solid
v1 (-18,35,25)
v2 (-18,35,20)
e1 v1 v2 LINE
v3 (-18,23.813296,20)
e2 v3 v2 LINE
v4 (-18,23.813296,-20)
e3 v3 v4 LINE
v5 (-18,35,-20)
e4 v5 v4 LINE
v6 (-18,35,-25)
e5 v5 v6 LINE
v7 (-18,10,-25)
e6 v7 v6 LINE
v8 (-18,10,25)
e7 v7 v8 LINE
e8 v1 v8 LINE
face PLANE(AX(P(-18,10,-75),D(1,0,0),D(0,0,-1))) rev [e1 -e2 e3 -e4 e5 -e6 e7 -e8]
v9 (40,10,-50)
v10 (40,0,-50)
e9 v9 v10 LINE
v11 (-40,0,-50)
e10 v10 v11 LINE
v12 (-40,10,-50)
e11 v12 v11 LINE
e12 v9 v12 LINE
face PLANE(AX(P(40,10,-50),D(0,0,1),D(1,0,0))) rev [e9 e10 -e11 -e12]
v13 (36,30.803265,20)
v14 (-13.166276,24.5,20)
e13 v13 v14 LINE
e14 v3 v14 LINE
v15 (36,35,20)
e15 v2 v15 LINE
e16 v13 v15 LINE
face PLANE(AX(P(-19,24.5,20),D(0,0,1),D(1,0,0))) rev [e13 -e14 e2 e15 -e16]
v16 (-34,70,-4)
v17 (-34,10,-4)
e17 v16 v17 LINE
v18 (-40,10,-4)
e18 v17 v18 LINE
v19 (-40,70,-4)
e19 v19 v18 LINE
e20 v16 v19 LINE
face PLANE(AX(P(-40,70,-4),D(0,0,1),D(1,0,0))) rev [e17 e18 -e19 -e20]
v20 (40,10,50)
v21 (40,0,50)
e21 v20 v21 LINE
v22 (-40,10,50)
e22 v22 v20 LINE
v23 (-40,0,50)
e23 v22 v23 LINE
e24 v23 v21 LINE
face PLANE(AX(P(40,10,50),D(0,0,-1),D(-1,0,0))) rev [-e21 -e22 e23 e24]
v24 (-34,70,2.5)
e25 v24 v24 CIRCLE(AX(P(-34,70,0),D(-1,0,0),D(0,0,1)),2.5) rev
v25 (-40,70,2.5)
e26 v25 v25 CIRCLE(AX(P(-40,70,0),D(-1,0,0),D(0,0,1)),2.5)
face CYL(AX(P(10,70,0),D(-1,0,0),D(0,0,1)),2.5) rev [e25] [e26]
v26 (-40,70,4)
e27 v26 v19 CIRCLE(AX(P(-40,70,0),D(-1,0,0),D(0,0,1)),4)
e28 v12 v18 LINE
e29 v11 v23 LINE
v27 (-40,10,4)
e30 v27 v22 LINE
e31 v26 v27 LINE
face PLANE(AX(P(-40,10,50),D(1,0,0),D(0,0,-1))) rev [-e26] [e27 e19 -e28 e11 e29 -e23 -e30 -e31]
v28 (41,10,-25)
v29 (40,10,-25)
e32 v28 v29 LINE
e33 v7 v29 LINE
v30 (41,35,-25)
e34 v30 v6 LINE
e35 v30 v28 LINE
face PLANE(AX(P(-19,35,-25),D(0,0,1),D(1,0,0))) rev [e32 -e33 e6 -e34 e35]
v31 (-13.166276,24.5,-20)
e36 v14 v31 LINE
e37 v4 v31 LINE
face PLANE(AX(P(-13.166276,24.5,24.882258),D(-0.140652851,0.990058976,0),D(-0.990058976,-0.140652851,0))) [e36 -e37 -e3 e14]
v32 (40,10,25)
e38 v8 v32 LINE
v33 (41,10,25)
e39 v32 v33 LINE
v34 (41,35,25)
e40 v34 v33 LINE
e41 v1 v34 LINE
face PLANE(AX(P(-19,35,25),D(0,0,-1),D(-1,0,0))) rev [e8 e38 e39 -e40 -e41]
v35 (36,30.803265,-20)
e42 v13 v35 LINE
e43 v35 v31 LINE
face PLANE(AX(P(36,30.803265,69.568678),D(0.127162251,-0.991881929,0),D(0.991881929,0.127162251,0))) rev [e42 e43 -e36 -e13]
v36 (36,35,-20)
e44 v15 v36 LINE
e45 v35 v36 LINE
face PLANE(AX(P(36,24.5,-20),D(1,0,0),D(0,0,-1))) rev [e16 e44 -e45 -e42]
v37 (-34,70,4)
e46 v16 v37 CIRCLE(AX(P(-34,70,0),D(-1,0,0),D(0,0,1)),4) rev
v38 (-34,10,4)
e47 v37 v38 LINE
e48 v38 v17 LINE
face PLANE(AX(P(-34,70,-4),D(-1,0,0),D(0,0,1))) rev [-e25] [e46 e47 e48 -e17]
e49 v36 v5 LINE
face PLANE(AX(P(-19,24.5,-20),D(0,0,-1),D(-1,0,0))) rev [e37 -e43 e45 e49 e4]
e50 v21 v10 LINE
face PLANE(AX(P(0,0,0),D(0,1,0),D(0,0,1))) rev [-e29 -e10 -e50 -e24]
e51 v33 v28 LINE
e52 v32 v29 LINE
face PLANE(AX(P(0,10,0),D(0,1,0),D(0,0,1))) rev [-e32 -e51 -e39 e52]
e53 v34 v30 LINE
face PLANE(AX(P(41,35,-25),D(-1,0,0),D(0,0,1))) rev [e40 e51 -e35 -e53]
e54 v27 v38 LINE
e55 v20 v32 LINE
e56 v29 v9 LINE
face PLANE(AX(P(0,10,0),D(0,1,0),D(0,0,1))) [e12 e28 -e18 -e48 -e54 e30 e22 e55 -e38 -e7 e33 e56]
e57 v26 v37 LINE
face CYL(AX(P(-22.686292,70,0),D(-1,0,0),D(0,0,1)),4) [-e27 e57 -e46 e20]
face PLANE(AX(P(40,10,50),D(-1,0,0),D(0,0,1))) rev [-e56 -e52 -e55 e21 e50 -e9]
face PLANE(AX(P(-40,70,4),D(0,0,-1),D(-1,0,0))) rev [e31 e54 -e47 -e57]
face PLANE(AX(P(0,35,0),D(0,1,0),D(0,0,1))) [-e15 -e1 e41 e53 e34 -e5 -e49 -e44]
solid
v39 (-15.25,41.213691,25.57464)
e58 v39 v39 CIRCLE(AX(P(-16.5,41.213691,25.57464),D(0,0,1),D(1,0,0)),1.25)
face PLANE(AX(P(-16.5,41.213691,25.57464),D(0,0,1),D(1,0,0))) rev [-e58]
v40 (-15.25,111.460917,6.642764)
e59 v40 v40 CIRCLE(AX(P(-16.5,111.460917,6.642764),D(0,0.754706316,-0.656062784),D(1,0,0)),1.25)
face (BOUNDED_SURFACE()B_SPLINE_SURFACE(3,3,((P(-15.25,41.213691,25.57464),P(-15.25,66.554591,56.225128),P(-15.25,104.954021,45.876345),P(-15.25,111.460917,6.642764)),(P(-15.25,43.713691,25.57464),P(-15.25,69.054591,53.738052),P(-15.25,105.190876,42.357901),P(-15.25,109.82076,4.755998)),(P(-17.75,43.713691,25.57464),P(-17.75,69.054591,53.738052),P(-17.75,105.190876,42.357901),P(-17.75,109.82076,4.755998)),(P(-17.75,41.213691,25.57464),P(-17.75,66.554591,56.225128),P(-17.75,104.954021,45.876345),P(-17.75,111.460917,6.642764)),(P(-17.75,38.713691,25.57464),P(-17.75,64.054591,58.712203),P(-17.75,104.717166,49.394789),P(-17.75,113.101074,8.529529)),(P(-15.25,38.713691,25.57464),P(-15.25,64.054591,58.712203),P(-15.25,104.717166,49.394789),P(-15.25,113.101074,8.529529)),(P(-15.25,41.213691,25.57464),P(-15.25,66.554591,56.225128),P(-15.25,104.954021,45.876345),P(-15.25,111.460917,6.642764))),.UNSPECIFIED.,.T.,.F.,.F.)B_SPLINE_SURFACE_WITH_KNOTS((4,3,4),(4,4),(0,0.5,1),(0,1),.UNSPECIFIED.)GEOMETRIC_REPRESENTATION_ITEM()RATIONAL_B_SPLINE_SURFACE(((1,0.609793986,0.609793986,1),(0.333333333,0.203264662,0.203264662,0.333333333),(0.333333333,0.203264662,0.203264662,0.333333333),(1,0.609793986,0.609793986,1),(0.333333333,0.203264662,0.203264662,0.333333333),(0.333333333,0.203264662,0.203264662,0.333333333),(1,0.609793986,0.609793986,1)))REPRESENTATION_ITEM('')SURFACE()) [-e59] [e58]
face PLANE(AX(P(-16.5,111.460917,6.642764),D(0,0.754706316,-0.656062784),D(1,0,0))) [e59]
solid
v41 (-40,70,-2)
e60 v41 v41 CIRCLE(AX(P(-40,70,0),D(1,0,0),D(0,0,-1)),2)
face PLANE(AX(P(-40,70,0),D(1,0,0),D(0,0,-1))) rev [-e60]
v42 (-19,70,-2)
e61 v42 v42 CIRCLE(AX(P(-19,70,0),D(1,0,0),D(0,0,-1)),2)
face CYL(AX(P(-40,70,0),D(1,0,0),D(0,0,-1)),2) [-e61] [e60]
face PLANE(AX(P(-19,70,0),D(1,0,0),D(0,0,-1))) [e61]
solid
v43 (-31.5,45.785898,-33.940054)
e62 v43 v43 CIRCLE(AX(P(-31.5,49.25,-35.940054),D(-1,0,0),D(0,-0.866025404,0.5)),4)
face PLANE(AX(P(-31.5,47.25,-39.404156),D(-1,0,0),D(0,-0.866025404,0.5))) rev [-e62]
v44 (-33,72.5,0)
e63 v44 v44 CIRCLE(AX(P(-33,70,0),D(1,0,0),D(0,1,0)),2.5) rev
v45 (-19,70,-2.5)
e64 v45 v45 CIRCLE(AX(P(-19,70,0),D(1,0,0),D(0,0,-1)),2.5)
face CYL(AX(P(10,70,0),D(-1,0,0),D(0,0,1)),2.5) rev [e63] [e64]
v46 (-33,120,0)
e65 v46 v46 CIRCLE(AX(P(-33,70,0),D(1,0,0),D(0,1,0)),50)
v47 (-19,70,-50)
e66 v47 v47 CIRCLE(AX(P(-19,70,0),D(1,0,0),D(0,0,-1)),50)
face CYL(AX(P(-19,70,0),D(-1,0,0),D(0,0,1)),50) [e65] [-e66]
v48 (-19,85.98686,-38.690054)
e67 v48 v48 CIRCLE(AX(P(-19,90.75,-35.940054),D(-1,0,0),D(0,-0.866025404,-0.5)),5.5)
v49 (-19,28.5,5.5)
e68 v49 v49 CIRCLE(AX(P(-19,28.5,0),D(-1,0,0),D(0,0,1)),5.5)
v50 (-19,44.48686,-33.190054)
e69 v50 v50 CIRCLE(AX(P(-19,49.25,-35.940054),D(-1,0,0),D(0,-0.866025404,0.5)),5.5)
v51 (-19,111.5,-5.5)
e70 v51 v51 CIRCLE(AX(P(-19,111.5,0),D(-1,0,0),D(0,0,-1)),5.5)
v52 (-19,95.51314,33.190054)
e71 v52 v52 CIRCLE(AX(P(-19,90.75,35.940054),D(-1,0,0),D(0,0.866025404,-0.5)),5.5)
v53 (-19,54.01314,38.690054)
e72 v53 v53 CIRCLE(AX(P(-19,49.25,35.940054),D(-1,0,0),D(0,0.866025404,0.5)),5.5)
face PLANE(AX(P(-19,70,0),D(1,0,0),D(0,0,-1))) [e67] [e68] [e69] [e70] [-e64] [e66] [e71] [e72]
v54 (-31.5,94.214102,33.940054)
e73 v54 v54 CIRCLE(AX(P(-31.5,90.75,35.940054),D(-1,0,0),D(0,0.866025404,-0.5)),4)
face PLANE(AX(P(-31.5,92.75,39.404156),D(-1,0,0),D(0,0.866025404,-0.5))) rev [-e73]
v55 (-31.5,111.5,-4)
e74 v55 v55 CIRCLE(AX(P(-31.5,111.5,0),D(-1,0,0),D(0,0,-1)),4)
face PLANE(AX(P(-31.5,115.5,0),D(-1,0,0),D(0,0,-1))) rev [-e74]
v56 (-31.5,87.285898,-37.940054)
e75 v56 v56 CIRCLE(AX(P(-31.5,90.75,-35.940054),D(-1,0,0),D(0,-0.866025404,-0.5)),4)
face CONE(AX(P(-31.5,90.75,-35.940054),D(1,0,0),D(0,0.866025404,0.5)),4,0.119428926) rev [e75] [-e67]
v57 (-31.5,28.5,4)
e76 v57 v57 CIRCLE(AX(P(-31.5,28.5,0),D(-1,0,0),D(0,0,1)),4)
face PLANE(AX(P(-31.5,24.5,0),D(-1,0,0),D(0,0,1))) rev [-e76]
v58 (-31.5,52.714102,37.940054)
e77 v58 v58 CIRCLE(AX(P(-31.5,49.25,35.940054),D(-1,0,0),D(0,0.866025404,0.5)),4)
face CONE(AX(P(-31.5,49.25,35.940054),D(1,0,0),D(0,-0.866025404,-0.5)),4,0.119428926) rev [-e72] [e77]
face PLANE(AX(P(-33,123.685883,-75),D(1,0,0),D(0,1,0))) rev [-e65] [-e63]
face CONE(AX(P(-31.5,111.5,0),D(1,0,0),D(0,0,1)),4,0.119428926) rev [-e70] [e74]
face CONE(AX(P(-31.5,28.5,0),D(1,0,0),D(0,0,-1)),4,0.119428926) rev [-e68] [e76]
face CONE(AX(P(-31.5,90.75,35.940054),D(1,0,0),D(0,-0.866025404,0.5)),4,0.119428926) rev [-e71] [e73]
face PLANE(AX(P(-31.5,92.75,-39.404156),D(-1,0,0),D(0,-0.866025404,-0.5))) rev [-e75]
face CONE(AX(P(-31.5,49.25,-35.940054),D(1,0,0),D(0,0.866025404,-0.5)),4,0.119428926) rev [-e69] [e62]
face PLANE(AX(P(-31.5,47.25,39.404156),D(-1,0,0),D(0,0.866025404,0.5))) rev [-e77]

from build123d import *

# Parameters (mm, degrees)
SKETCH_2_W               = 80
SKETCH_2_H               = 100
EXTRUDE_2_DEPTH          = 10
SKETCH_3_W               = 6
SKETCH_3_H               = 8
EXTRUDE_3_DEPTH          = 60
SKETCH_4_R               = 4
EXTRUDE_4_DEPTH          = 6
SKETCH_5_R               = 2.5
CUT_EXTRUDE_1_DEPTH      = 50
SKETCH_6_R               = 50
EXTRUDE_5_DEPTH          = 15
PATTERN_CIRCULAR_2_COUNT = 6
CUT_EXTRUDE_START        = -20
SKETCH_10_R              = 2.5
CUT_EXTRUDE_2_DEPTH      = 20
SKETCH_11_W              = 60
SKETCH_11_H              = 50
EXTRUDE_6_DEPTH          = 25
SKETCH_12_W              = 55
SKETCH_12_H              = 40
CUT_EXTRUDE_3_DEPTH      = 10.5
EXTRUDE_7_DEPTH          = 40
SKETCH_15_R              = 1.25
SKETCH_17_W              = 1
SKETCH_17_H              = 109.276190726
SKETCH_17_H_2            = 27.184264357
CUT_EXTRUDE_4_DEPTH      = 75
SKETCH_16_R              = 2
EXTRUDE_9_DEPTH          = 21
CUT_EXTRUDE_5_DEPTH      = 40


with BuildPart() as part:
    # 草圖2 → 填料-伸長2 (new body)
    with BuildSketch(Plane(origin=(0, 0, 0), x_dir=(1, 0, 0), z_dir=(0, 1, 0))):
        Rectangle(SKETCH_2_W, SKETCH_2_H)
    extrude(amount=EXTRUDE_2_DEPTH)

    # 草圖3 → 填料-伸長3 (add)
    with BuildSketch(Plane(origin=(0, 10, 0), x_dir=(1, 0, 0), z_dir=(0, 1, 0))):
        with Locations((-37, 0)):
            Rectangle(SKETCH_3_W, SKETCH_3_H)
    extrude(amount=EXTRUDE_3_DEPTH)

    # 草圖4 → 填料-伸長4 (add)
    with BuildSketch(Plane.ZY.offset(40)):
        with Locations((0, 70)):
            Circle(SKETCH_4_R)
    extrude(amount=-EXTRUDE_4_DEPTH)

    # 草圖5 → 除料-伸長1 (cut)
    with BuildSketch(Plane.ZY.offset(40)):
        with Locations((0, 70)):
            Circle(SKETCH_5_R)
    extrude(amount=-CUT_EXTRUDE_1_DEPTH, mode=Mode.SUBTRACT)

    # 草圖6 → 填料-伸長5 (add)
    with BuildSketch(Plane(origin=(-34, 0, 0), x_dir=(0, 0, -1), z_dir=(1, 0, 0))):
        with Locations(Location((0, 70, 0), (0, 0, 265.411434264))):
            Circle(SKETCH_6_R)
    extrude(amount=EXTRUDE_5_DEPTH)

    # 草圖8 → 除料-旋轉5 (revolve, cut)
    with BuildSketch(Plane.XY, mode=Mode.PRIVATE) as cut_revolve_5_sk:
        Polygon((-19, 23), (-19, 28.5), (-31.5, 28.5), (-31.5, 24.5), align=None)
    cut_revolve_5 = revolve(cut_revolve_5_sk.sketch.rotate(Axis((-31.5, 28.5, 0), (1, 0, 0)), 270), axis=Axis((-31.5, 28.5, 0), (1, 0, 0)), mode=Mode.SUBTRACT)

    # 環狀複製排列2: 除料-旋轉5 ×6 about axis
    pattern_circular_2_axis = Axis((0, 70, 0), (1, 0, 0))
    for i in range(1, PATTERN_CIRCULAR_2_COUNT):
        add(cut_revolve_5.rotate(pattern_circular_2_axis, i * 360 / PATTERN_CIRCULAR_2_COUNT), mode=Mode.SUBTRACT)

    # 草圖10 → 除料-伸長2 (cut)
    with BuildSketch(Plane(origin=(-19, 0, 0), x_dir=(0, 0, -1), z_dir=(1, 0, 0)).offset(CUT_EXTRUDE_START)):
        with Locations(Location((0, 70, 0), (0, 0, 180))):
            Circle(SKETCH_10_R)
    extrude(amount=CUT_EXTRUDE_2_DEPTH, mode=Mode.SUBTRACT)

    # 草圖11 → 填料-伸長6 (add)
    with BuildSketch(Plane(origin=(0, 10, 0), x_dir=(1, 0, 0), z_dir=(0, 1, 0))):
        with Locations((11, 0)):
            Rectangle(SKETCH_11_W, SKETCH_11_H)
    extrude(amount=EXTRUDE_6_DEPTH)

    # 草圖12 → 除料-伸長3 (cut)
    with BuildSketch(Plane(origin=(0, 35, 0), x_dir=(1, 0, 0), z_dir=(0, 1, 0))):
        with Locations((8.5, 0)):
            Rectangle(SKETCH_12_W, SKETCH_12_H)
    extrude(amount=-CUT_EXTRUDE_3_DEPTH, mode=Mode.SUBTRACT)

    # 草圖13 → 填料-伸長7 (add)
    with BuildSketch(Plane.XY.offset(-20)):
        Polygon((36, 30.803264742), (-13.166276329, 24.5), (36, 24.5), align=None)
    extrude(amount=EXTRUDE_7_DEPTH)

    # 草圖17 → 除料-伸長4 (cut, symmetric)
    with BuildSketch(Plane.XY):
        with Locations((-33.5, 69.047787496)):
            Rectangle(SKETCH_17_W, SKETCH_17_H)
        with Locations((-18.5, 23.592132179)):
            Rectangle(SKETCH_17_W, SKETCH_17_H_2)
    extrude(amount=CUT_EXTRUDE_4_DEPTH, both=True, mode=Mode.SUBTRACT)


with BuildPart() as body_2:
    # 掃出1: sweep along a path in 草圖14
    with BuildLine(Plane(origin=(-16.5, 0, 0), x_dir=(0, 0, -1), z_dir=(1, 0, 0))) as sweep_1_path:
        ThreePointArc((-25.574640108, 41.213690819), (-38.70103061, 82.426016401), (-6.642763665, 111.460916572))
    # 草圖15 → 掃出1 (sweep)
    with BuildSketch(Plane.XY.offset(25.574640108)):
        with Locations((-16.5, 41.213690819)):
            Circle(SKETCH_15_R)
    sweep(path=sweep_1_path.line)


with BuildPart() as cut_extrude_4_piece_1:
    # of the separate pieces the step leaves, piece 1, a body of its own (cut_extrude_4_pieces)
    add(part.part.solids().sort_by_distance((40, 0, 50))[0])

    # 草圖21 → 除料-伸長5 (cut)
    with BuildSketch(Plane.XY.offset(-20)):
        Polygon((-13.166276329, 24.5), (-18, 23.813296447), (-18, 24.5), align=None)
    extrude(amount=CUT_EXTRUDE_5_DEPTH, mode=Mode.SUBTRACT)


with BuildPart() as cut_extrude_4_piece_2:
    # of the separate pieces the step leaves, piece 2, a body of its own (cut_extrude_4_pieces)
    add(part.part.solids().sort_by_distance((-19, 28.5, 5.5))[0])


with BuildPart() as body_4:
    # 草圖16 → 填料-伸長9 (new, through all)
    with BuildSketch(Plane(origin=(-19, 0, 0), x_dir=(0, 0, -1), z_dir=(1, 0, 0))):
        with Locations((0, 70)):
            Circle(SKETCH_16_R)
    extrude(amount=-EXTRUDE_9_DEPTH)


solid = Compound([body_2.part, cut_extrude_4_piece_1.part, cut_extrude_4_piece_2.part, body_4.part])
